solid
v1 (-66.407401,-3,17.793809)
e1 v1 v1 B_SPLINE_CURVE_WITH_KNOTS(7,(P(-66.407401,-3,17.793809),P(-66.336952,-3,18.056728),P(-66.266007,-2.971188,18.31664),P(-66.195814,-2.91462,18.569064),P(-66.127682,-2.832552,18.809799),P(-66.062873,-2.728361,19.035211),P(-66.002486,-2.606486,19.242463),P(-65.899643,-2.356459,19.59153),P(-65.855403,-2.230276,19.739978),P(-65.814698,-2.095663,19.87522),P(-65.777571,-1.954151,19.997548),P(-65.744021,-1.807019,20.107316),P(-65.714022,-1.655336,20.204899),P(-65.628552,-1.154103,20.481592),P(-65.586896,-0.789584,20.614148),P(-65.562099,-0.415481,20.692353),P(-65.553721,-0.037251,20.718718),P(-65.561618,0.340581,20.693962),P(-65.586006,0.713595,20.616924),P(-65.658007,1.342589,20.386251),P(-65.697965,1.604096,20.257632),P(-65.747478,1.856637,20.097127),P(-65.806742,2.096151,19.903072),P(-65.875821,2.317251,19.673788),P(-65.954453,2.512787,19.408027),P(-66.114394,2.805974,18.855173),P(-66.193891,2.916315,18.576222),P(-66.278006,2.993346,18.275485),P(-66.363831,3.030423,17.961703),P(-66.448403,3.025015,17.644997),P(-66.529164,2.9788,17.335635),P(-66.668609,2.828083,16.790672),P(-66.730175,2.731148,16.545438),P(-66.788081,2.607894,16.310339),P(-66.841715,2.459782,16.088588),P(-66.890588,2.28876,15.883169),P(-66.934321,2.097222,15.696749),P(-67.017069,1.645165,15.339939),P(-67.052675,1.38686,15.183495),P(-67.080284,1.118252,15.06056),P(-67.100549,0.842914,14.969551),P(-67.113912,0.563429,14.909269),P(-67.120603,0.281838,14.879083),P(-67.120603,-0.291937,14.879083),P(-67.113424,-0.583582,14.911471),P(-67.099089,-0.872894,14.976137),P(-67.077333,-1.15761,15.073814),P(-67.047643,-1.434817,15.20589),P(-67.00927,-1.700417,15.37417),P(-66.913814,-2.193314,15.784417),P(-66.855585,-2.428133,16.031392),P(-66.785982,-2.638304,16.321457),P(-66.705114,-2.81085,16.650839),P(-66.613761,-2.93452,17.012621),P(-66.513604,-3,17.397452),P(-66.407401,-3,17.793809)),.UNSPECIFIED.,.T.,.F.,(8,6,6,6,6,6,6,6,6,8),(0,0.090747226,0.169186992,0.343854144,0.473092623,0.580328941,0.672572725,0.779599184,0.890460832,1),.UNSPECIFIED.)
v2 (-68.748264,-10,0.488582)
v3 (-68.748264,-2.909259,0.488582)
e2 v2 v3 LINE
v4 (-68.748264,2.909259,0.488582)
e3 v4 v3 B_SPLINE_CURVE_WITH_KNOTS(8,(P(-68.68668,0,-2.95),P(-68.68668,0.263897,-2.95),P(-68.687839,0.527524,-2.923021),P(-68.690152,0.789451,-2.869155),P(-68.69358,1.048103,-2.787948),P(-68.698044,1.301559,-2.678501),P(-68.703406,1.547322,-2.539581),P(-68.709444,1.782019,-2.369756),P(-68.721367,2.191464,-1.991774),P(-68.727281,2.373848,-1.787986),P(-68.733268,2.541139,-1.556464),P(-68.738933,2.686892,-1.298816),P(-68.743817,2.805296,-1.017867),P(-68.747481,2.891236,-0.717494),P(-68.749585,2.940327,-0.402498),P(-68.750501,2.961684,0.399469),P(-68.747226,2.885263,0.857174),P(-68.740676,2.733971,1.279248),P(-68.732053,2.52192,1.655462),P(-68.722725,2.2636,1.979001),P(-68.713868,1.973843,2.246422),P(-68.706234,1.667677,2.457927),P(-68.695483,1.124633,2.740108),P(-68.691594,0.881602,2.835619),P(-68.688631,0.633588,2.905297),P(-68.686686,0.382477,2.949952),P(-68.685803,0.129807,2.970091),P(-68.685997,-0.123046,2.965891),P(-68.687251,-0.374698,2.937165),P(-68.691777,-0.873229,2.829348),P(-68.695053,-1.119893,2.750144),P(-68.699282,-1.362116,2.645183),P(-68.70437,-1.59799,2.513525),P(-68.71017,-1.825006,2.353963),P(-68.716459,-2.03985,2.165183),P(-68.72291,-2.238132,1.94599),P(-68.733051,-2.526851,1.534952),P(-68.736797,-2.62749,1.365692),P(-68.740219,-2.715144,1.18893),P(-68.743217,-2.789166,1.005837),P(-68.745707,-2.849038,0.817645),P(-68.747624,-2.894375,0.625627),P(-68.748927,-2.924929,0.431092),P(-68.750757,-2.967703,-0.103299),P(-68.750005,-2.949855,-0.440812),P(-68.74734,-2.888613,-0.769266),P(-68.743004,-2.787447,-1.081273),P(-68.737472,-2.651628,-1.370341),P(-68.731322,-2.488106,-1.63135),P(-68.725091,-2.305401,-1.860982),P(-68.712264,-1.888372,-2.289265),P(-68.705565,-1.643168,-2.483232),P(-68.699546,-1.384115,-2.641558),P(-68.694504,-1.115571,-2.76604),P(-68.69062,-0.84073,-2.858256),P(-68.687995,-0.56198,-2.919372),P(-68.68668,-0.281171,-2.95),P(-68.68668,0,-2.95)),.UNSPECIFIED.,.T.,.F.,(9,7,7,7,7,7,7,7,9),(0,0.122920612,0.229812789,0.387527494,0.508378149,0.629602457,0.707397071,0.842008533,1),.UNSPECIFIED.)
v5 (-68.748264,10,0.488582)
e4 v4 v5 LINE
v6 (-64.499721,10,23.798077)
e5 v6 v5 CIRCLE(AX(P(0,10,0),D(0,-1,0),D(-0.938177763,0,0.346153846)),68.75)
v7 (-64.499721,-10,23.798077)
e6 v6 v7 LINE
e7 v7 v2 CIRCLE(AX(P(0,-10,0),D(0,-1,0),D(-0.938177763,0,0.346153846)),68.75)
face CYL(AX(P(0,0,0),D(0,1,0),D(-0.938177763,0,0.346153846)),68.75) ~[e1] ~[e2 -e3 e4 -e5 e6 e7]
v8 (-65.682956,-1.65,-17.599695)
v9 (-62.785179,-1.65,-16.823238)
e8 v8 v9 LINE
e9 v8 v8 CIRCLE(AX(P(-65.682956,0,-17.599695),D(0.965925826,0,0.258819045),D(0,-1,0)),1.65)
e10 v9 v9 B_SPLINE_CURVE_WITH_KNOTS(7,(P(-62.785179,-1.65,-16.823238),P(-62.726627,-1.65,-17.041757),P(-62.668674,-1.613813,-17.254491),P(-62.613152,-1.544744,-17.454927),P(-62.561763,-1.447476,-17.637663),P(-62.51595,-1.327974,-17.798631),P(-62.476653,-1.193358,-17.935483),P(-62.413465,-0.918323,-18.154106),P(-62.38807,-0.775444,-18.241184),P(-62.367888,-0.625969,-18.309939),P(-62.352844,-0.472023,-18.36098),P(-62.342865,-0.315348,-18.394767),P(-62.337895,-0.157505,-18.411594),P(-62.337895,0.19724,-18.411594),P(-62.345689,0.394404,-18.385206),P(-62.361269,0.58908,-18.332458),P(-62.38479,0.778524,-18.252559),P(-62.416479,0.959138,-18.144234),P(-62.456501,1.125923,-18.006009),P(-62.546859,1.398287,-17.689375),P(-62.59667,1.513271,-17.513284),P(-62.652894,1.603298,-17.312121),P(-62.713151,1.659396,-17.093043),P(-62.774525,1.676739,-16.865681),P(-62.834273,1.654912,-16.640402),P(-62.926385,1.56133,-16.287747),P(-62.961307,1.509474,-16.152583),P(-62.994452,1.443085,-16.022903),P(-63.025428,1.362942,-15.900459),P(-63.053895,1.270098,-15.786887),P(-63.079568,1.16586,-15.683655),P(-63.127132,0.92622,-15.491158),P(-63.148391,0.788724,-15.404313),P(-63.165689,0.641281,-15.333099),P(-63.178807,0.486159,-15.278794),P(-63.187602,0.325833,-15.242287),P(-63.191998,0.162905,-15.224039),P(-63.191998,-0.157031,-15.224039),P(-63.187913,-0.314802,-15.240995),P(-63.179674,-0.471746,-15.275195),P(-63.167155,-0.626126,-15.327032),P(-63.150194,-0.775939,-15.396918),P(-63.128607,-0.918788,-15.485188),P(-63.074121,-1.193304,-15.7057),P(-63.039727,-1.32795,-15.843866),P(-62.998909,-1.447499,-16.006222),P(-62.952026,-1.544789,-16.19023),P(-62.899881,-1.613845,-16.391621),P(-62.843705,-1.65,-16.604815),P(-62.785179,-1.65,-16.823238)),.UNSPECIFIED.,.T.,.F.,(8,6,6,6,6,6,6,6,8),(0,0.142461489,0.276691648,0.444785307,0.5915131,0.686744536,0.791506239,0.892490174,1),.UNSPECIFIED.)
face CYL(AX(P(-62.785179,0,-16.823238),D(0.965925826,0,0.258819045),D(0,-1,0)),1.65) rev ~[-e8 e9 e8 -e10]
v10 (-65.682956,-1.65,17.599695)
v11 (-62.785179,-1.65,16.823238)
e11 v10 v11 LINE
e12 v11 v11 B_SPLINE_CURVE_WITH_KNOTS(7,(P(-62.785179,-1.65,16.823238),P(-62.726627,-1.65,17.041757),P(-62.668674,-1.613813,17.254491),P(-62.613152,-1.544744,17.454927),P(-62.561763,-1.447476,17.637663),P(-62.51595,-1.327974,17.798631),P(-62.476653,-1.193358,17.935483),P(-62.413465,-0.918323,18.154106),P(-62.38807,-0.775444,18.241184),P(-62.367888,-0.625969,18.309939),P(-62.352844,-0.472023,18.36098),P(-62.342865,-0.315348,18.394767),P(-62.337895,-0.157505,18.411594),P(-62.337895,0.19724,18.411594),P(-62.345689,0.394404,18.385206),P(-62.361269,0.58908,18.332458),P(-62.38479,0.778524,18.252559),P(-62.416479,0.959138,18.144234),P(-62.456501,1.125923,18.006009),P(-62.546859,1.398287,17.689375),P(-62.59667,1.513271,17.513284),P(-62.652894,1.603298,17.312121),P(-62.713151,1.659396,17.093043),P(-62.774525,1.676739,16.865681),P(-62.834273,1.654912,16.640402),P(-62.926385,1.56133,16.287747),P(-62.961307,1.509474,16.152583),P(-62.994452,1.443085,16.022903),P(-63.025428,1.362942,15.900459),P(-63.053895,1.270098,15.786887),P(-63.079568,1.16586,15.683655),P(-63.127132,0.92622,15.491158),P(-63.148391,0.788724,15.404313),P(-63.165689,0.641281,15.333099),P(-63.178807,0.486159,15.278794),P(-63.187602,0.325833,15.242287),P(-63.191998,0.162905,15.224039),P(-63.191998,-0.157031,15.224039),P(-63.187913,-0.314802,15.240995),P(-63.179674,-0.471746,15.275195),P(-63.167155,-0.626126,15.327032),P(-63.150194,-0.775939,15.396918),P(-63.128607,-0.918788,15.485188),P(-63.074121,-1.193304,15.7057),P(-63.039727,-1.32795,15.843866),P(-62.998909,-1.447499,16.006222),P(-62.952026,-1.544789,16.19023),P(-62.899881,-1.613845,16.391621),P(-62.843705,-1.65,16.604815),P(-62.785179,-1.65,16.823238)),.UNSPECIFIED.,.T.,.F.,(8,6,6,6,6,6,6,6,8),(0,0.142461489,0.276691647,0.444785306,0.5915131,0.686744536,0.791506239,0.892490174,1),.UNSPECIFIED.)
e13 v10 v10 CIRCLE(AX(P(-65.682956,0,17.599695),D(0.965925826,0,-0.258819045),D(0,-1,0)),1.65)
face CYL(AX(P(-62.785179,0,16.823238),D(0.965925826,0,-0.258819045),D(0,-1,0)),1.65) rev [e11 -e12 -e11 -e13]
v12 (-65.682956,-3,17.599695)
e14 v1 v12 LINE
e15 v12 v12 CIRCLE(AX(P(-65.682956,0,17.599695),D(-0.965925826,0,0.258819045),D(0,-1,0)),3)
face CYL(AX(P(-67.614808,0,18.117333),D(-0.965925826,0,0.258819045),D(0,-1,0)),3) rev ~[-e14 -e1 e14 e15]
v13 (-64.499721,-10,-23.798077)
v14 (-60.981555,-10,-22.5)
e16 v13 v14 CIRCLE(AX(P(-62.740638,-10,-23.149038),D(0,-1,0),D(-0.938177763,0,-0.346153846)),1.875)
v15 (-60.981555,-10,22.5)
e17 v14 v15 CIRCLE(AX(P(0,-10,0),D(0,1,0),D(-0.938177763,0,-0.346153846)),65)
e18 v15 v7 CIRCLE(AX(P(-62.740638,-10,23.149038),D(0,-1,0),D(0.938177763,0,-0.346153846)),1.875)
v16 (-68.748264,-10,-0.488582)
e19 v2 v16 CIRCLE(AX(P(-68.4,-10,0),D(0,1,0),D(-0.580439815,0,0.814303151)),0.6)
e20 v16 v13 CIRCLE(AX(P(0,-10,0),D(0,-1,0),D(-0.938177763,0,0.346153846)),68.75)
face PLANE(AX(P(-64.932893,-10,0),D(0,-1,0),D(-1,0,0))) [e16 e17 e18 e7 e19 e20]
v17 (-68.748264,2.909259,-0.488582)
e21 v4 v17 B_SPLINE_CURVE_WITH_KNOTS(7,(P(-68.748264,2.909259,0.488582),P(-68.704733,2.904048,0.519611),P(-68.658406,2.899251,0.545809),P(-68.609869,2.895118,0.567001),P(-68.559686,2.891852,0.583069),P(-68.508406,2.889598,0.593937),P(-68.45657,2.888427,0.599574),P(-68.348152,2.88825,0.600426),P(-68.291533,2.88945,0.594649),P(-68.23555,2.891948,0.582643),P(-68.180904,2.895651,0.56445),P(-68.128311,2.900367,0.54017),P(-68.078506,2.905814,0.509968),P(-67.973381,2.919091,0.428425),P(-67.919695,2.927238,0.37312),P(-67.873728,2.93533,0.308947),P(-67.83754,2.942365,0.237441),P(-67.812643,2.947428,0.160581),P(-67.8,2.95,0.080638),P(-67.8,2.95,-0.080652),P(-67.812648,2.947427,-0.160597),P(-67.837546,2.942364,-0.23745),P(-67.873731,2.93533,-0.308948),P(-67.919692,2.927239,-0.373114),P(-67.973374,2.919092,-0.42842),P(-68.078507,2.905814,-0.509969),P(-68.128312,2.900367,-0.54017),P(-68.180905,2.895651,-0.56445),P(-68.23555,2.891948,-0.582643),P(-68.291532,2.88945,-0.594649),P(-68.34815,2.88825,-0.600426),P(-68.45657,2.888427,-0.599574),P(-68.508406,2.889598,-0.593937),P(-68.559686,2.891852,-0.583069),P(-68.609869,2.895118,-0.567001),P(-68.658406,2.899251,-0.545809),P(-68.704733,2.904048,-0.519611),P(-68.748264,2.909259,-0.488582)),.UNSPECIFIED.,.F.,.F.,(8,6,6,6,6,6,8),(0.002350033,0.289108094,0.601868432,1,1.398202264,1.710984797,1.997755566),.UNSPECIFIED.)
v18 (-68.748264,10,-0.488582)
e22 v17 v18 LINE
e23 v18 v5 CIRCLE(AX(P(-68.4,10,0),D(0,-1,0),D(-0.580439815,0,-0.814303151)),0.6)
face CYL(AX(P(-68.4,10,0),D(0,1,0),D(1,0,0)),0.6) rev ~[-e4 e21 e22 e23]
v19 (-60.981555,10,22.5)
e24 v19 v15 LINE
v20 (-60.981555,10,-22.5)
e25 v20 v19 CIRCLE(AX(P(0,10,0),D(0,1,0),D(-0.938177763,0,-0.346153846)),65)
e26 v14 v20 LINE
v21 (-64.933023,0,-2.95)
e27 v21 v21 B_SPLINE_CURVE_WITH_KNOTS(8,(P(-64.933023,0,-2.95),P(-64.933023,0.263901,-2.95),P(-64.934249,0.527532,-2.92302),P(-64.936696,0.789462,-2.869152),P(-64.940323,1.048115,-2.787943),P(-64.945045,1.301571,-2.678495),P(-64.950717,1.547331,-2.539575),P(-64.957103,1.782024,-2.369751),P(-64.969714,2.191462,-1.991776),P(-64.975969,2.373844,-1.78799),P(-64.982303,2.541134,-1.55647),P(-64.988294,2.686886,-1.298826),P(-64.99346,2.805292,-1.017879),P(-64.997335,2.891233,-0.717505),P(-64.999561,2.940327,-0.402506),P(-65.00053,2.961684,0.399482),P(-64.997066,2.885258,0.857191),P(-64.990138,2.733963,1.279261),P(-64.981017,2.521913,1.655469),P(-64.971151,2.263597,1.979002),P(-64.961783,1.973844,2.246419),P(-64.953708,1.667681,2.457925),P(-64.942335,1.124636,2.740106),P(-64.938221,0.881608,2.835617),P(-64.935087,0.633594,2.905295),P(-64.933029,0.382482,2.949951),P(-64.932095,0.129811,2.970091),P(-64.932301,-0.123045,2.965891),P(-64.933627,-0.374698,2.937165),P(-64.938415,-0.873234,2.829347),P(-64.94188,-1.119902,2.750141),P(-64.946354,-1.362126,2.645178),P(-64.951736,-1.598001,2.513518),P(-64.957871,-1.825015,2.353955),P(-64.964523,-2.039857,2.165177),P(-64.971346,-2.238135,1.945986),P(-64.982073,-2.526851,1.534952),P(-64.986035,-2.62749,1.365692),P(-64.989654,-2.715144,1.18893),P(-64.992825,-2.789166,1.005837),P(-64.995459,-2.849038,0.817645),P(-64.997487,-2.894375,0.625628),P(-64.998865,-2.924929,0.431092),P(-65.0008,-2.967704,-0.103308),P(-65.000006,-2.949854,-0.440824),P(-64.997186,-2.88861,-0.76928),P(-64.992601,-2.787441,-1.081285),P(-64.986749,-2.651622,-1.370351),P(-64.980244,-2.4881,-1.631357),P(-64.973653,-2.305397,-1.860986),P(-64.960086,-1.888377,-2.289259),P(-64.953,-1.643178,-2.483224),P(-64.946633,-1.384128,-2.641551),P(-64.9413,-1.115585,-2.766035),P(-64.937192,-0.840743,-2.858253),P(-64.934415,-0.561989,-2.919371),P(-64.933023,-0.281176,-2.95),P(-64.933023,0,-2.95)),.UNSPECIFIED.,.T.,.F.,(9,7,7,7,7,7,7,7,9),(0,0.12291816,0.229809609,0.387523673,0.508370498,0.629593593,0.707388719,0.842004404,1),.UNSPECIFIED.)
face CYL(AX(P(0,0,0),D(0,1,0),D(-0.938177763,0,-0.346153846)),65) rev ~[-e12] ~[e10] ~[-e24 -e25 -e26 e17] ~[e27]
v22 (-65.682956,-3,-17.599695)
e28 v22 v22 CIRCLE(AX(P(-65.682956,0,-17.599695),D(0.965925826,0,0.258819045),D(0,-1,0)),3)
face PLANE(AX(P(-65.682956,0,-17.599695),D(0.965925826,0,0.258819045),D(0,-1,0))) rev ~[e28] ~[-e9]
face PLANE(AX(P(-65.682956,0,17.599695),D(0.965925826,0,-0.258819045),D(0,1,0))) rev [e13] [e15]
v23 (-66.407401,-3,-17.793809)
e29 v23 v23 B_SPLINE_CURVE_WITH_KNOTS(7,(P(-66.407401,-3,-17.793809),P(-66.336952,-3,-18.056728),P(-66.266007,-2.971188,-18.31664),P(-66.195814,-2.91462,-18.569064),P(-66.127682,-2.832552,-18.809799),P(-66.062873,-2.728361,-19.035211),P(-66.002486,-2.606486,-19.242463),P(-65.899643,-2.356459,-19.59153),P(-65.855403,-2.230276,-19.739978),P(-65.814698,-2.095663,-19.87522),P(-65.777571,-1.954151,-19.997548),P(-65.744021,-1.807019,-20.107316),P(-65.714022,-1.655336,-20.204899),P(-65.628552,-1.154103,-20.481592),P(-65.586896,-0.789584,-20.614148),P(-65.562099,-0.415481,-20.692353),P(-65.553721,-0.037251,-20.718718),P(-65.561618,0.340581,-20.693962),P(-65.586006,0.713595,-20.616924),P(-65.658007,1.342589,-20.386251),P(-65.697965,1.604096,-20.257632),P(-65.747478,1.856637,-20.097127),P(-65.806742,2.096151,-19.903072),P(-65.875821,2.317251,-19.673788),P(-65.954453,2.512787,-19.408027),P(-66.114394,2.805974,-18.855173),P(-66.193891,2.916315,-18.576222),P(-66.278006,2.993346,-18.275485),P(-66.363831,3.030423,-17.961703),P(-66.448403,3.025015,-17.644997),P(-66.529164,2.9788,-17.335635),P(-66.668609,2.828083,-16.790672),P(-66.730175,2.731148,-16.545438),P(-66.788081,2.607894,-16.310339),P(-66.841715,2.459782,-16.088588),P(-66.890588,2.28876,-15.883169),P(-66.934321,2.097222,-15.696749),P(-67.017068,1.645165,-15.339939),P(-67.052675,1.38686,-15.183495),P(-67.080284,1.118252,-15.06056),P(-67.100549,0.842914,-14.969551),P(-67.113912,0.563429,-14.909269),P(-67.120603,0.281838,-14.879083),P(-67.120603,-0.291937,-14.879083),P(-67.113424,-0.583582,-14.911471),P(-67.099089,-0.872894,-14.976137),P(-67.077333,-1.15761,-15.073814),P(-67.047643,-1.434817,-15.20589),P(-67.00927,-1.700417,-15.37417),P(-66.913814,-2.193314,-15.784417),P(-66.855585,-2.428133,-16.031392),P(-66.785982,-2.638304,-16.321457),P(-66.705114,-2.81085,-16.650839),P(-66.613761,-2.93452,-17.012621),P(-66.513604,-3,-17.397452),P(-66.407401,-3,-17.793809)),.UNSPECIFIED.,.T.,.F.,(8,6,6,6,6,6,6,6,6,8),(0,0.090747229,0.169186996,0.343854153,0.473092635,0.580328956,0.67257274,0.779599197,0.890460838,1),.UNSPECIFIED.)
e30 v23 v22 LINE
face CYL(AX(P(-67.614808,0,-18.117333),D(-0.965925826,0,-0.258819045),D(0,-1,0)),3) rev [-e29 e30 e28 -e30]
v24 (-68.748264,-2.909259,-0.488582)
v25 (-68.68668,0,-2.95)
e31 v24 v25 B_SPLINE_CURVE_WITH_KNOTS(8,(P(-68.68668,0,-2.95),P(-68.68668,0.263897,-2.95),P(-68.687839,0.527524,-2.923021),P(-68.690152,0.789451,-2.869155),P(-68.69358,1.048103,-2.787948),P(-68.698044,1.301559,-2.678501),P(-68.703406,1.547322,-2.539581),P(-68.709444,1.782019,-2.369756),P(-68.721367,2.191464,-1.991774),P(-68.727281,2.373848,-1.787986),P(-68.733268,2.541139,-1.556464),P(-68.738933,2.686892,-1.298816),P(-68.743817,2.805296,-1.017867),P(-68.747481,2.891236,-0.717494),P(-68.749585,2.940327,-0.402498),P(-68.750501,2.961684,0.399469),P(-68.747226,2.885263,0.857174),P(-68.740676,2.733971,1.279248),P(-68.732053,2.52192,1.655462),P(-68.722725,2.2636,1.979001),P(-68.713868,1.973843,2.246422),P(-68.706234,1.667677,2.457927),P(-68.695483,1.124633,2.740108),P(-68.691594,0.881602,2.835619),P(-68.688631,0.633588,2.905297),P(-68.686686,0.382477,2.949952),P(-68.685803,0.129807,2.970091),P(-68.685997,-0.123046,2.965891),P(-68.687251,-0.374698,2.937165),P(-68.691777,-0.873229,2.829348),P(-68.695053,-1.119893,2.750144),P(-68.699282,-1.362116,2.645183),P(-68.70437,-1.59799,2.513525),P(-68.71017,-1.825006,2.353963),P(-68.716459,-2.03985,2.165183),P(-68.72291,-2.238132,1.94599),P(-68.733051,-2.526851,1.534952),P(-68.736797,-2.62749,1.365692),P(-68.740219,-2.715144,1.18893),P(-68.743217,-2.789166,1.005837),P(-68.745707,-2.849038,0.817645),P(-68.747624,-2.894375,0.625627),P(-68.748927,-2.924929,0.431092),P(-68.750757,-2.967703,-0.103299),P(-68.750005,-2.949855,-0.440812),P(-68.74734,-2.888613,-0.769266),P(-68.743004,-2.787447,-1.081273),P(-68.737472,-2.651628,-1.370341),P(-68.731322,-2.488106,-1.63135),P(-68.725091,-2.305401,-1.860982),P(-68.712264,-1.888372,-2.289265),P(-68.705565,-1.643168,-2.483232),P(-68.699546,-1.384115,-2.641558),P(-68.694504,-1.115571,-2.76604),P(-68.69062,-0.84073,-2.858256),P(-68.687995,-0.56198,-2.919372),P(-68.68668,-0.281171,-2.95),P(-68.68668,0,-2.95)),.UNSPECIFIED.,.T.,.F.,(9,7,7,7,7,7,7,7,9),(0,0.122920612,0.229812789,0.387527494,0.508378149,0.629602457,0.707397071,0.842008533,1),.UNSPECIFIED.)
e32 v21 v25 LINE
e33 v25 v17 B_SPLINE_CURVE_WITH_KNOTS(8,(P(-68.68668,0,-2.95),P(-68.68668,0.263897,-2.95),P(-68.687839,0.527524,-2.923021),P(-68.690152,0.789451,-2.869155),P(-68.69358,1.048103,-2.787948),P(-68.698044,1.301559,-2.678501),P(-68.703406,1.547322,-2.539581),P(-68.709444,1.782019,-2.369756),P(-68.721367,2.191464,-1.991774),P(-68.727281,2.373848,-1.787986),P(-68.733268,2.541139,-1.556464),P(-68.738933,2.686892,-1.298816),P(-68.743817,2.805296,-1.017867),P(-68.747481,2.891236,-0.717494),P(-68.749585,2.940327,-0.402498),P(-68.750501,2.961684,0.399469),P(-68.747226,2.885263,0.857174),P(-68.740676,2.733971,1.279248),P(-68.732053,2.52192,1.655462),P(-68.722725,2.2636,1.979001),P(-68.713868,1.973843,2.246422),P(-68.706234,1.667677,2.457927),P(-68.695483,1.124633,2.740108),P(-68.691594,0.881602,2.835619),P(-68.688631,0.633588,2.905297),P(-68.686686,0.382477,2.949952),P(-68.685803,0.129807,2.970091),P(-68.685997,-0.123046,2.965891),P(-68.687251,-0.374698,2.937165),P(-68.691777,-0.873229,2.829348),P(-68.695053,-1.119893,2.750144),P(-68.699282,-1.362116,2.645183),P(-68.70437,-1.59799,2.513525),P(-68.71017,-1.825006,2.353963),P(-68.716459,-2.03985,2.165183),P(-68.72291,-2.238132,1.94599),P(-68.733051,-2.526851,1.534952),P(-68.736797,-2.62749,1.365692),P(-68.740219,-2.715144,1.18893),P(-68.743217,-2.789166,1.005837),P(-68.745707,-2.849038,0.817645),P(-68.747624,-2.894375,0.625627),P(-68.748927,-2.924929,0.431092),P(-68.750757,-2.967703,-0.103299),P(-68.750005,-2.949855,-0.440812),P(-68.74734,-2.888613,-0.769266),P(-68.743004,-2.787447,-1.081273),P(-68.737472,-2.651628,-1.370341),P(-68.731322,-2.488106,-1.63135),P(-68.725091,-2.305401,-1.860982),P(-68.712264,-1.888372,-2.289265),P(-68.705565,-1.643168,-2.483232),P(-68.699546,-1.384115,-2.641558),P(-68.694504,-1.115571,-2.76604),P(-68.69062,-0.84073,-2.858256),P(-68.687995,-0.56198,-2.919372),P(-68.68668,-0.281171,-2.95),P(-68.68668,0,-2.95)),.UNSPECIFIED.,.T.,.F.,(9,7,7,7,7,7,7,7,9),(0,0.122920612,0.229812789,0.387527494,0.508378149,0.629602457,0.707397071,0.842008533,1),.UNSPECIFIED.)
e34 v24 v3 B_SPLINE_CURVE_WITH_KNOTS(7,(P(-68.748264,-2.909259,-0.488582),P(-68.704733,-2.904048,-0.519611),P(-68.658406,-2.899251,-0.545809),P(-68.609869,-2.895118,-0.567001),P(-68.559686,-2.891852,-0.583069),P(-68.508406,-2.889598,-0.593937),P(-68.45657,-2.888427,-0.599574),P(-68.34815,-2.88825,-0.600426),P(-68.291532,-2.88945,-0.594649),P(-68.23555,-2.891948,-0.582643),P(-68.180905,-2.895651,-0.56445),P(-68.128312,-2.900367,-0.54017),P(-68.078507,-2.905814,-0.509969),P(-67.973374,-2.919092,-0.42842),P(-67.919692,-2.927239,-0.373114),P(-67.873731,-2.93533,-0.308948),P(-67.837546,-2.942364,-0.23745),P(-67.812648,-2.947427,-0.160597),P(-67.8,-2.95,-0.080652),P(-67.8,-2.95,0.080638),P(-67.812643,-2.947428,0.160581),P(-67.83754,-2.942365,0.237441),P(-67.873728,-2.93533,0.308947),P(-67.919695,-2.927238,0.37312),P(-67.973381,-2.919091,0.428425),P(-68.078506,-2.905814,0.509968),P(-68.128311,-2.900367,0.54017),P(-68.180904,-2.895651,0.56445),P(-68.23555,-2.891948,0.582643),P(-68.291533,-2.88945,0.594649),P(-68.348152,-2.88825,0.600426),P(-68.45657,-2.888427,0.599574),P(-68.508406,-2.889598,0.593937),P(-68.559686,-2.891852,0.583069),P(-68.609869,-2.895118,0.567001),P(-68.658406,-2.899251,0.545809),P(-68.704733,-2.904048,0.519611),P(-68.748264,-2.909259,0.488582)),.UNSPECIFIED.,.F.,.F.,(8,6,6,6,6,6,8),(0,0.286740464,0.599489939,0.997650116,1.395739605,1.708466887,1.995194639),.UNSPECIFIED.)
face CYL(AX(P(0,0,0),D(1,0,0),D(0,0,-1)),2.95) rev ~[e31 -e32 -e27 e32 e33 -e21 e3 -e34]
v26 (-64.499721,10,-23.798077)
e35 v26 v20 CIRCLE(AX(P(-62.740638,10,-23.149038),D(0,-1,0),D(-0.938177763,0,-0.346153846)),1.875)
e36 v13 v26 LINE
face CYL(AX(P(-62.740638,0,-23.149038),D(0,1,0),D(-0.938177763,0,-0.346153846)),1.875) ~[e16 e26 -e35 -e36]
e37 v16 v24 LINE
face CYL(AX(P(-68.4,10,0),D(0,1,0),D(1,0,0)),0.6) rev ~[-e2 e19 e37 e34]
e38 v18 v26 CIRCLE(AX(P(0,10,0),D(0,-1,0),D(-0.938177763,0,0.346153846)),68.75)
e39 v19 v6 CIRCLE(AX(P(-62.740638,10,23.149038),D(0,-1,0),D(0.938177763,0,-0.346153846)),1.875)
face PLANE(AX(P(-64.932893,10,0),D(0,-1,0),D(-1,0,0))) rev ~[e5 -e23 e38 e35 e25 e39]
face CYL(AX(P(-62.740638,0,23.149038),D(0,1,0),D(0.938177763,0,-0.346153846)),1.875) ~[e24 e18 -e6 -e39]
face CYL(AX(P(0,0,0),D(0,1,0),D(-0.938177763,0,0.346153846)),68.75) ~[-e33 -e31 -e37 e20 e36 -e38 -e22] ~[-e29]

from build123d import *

# Parameters (mm, degrees)
BOSS_EXTRUDE2_DEPTH = 10
SKETCH9_R           = 1.65
CUT_EXTRUDE3_DEPTH  = 10
SKETCH10_R          = 2.95
CUT_EXTRUDE4_DEPTH  = 74.842839982
SKETCH12_R          = 3
CUT_EXTRUDE5_DEPTH  = 2
SKETCH13_R          = 0.6
CUT_EXTRUDE6_DEPTH  = 76.846984244


with BuildPart() as part:
    # Sketch3 → Boss-Extrude2 (new, symmetric)
    with BuildSketch(Plane(origin=(0, 0, 0), x_dir=(1, 0, 0), z_dir=(0, 1, 0))):
        with BuildLine():
            ThreePointArc((-60.981554588, 22.5), (-65, 0), (-60.981554588, -22.5))
            ThreePointArc((-60.981554588, -22.5), (-62.091599432, -24.908121767), (-64.499721199, -23.798076923))
            ThreePointArc((-64.499721199, -23.798076923), (-68.75, 0), (-64.499721199, 23.798076923))
            ThreePointArc((-64.499721199, 23.798076923), (-62.091599432, 24.908121767), (-60.981554588, 22.5))
        make_face()
    extrude(amount=BOSS_EXTRUDE2_DEPTH, both=True)

    # Sketch9 → Cut-Extrude3 (cut, symmetric)
    with BuildSketch(Plane(origin=(-62.785178709, 0, -16.823237932), x_dir=(0, -1, 0), z_dir=(0.9659258262890673, 0, 0.25881904510252474))):
        Circle(SKETCH9_R)
    cut_extrude3 = extrude(amount=CUT_EXTRUDE3_DEPTH, both=True, mode=Mode.SUBTRACT)

    # Mirror1: Cut-Extrude3 across plane
    add(cut_extrude3.mirror(Plane.XY), mode=Mode.SUBTRACT)

    # Sketch10 → Cut-Extrude4 (cut, through all)
    with BuildSketch(Plane(origin=(0, 0, 0), x_dir=(0, 0, -1), z_dir=(1, 0, 0))):
        Circle(SKETCH10_R)
    extrude(amount=-CUT_EXTRUDE4_DEPTH, mode=Mode.SUBTRACT)

    # Sketch12 → Cut-Extrude5 (cut)
    with BuildSketch(Plane(origin=(-67.61480784, 0, -18.117333157), x_dir=(0, -1, 0), z_dir=(0.9659258262890673, 0, 0.25881904510252474))):
        Circle(SKETCH12_R)
    cut_extrude5 = extrude(amount=CUT_EXTRUDE5_DEPTH, mode=Mode.SUBTRACT)

    # Mirror2: Cut-Extrude5 across plane
    add(cut_extrude5.mirror(Plane.XY), mode=Mode.SUBTRACT)

    # Sketch13 → Cut-Extrude6 (cut, through all)
    with BuildSketch(Plane(origin=(0, 10, 0), x_dir=(1, 0, 0), z_dir=(0, 1, 0))):
        with Locations((-68.4, 0)):
            Circle(SKETCH13_R)
    extrude(amount=-CUT_EXTRUDE6_DEPTH, mode=Mode.SUBTRACT)


solid = part.part
